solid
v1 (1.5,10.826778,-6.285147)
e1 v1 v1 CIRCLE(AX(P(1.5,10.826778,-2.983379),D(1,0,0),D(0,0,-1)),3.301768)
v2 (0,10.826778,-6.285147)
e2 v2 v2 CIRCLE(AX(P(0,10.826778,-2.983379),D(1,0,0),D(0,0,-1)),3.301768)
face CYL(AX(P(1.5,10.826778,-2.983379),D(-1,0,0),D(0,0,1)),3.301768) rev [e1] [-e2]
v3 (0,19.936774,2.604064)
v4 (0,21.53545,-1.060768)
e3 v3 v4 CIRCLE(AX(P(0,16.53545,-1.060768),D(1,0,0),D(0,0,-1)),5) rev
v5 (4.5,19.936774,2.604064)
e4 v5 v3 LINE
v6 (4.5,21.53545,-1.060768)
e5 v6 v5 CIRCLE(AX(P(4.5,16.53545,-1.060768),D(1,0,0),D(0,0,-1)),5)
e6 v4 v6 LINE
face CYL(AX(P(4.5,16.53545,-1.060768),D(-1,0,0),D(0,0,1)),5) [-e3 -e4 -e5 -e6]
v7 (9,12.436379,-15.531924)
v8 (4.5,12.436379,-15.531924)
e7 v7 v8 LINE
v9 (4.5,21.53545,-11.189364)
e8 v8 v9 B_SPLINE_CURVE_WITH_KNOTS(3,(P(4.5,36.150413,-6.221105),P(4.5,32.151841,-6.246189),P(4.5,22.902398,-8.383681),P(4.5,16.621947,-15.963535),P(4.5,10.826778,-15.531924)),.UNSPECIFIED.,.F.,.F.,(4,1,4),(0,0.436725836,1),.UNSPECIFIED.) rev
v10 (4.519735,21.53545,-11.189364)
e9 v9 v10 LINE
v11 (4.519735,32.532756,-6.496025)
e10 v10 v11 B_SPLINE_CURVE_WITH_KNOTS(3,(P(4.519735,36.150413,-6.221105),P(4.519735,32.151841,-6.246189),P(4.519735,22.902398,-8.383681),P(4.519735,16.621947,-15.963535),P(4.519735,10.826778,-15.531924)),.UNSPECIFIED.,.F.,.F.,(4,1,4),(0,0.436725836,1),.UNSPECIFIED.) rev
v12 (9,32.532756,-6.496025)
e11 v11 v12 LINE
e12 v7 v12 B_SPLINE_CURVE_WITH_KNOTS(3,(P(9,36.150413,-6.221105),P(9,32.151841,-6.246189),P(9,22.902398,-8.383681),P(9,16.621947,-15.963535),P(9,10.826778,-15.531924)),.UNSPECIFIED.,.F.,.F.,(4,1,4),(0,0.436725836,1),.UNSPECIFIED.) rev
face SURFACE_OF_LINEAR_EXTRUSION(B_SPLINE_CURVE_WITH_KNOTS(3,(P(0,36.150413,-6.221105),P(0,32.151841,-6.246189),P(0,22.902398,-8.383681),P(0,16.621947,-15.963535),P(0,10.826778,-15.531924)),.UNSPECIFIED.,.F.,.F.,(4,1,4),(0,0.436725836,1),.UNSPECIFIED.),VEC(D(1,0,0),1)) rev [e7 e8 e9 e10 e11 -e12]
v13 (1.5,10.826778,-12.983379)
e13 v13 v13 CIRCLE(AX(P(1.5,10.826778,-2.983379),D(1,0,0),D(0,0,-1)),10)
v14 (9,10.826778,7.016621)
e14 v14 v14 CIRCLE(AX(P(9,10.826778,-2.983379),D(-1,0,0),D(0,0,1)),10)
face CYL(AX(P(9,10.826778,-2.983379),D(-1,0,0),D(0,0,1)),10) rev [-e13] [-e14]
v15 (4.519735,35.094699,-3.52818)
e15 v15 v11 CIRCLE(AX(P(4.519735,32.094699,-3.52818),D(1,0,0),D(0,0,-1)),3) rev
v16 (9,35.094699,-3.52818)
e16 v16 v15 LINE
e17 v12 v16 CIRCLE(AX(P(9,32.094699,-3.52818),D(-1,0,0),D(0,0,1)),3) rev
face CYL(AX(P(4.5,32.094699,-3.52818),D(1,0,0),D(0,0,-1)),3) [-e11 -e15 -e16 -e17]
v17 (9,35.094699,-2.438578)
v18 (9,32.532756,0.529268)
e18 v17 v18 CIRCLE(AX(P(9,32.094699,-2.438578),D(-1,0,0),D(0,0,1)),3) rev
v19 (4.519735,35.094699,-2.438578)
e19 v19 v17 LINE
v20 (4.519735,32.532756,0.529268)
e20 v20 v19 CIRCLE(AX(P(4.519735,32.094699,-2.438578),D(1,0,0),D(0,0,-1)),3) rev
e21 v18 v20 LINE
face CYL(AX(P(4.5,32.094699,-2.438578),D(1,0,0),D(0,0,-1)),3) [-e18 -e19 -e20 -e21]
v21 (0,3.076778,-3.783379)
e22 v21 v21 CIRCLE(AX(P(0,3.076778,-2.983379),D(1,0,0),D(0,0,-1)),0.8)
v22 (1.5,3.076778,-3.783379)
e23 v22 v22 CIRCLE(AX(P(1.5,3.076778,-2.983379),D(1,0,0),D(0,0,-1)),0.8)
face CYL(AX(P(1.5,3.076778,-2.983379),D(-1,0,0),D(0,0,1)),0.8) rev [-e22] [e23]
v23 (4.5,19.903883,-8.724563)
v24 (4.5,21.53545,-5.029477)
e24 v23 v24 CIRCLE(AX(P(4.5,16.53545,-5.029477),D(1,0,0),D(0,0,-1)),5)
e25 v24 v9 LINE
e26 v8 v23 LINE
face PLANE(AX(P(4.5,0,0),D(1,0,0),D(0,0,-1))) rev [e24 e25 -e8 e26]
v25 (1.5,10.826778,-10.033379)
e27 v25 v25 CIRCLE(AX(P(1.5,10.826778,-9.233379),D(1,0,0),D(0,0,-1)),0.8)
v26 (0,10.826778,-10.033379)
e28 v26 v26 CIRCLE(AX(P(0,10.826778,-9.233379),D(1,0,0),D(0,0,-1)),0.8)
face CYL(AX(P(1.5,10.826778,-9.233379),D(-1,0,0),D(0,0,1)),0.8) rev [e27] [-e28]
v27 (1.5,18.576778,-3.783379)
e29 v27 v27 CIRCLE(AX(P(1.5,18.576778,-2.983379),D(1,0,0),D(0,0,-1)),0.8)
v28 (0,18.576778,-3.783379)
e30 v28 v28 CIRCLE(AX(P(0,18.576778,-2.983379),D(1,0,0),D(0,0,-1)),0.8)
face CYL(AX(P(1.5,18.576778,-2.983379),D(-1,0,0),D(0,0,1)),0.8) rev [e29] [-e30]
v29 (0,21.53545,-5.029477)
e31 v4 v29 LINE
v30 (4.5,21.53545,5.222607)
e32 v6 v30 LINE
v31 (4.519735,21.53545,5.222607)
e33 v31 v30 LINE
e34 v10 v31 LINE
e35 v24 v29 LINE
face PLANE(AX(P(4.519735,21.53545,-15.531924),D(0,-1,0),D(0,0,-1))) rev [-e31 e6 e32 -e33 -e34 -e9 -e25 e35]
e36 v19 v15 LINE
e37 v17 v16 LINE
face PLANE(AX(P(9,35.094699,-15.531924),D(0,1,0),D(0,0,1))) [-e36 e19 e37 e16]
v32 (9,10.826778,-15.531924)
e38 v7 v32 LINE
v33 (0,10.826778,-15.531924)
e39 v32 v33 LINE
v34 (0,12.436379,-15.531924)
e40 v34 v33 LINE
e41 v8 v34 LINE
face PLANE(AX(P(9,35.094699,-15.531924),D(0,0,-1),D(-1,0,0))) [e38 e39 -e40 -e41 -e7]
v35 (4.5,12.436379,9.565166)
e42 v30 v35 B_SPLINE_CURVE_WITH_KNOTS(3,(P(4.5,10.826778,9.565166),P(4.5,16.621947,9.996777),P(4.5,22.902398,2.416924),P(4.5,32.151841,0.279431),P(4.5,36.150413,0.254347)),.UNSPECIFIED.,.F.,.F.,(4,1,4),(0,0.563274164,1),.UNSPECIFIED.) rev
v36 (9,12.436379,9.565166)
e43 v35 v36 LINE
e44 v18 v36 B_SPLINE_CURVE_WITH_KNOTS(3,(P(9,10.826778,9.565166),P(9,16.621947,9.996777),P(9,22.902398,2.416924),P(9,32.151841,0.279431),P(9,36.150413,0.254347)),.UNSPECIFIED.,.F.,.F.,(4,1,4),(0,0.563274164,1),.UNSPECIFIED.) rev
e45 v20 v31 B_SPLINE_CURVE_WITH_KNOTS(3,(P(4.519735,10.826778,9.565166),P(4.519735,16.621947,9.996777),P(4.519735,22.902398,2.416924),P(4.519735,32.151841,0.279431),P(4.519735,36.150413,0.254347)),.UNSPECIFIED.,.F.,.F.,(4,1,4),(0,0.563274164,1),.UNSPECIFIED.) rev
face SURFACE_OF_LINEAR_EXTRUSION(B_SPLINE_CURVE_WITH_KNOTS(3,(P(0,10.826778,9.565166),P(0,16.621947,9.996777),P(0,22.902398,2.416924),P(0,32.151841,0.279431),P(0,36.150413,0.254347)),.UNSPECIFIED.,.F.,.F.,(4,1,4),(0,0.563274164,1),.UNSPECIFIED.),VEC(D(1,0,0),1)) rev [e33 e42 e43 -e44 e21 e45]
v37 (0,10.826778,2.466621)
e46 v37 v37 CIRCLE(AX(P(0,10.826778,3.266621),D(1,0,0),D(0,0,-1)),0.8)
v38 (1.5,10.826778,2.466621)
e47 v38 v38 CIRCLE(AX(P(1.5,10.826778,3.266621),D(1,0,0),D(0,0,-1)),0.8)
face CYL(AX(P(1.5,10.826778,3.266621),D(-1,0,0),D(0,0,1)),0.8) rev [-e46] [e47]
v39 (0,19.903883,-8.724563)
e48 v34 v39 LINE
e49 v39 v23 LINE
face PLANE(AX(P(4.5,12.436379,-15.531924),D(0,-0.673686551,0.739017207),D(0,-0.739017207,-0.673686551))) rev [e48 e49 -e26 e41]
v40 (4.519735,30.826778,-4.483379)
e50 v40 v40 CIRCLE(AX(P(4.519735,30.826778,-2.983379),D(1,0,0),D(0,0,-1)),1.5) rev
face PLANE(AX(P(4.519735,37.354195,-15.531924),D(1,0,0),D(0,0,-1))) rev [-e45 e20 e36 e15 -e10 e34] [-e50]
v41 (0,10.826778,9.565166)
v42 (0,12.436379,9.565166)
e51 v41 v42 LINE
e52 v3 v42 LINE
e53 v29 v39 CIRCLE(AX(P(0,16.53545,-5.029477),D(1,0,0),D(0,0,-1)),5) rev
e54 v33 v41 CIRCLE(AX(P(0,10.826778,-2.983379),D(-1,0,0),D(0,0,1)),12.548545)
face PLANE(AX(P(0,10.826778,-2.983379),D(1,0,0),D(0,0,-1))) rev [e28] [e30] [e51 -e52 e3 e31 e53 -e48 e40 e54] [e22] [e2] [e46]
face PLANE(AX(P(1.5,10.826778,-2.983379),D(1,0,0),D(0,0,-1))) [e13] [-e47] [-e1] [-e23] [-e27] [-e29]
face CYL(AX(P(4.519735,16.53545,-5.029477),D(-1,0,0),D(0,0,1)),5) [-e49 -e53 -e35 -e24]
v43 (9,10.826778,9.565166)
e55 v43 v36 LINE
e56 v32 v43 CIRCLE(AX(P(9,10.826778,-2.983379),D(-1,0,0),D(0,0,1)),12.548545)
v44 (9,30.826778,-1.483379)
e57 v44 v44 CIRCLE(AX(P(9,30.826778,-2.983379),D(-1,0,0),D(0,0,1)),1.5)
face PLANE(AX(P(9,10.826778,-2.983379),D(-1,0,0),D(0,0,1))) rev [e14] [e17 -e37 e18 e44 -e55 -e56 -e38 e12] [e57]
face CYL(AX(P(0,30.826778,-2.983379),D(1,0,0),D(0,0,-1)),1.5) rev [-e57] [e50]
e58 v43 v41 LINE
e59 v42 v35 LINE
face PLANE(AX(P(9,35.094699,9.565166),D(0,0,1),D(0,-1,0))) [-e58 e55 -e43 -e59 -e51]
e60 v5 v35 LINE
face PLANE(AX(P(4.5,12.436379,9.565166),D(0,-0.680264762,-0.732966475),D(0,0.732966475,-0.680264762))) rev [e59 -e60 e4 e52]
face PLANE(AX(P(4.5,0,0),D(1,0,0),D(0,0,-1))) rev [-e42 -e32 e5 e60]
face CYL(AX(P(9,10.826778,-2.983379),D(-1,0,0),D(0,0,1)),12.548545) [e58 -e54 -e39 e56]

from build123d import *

# Parameters (mm, degrees)
SKETCH1_R               = 10
SKETCH1_R_2             = 0.8
SKETCH1_R_3             = 3.301767793
BOSS_EXTRUDE1_DEPTH     = 1.5
SKETCH2_R               = 10
BOSS_EXTRUDE2_DEPTH     = 9
SKETCH3_R               = 1.5
CUT_EXTRUDE1_DEPTH      = 1
CUT_EXTRUDE1_DEPTH_BACK = 10
FILLET1_R               = 3
CUT_EXTRUDE2_DEPTH      = 10.565166147
CUT_EXTRUDE2_DEPTH_BACK = 16.531923841
CUT_EXTRUDE4_DEPTH      = 4.5
FILLET4_R               = 5


with BuildPart() as part:
    # Sketch1 → Boss-Extrude1 (new body)
    with BuildSketch(Plane(origin=(0, 0, 0), x_dir=(0, 0, -1), z_dir=(1, 0, 0))):
        with Locations((2.983378847, 10.826778074)):
            Circle(SKETCH1_R)
        with Locations((2.983378847, 18.576778074)):
            Circle(SKETCH1_R_2, mode=Mode.SUBTRACT)
        with Locations((2.983378847, 3.076778074)):
            Circle(SKETCH1_R_2, mode=Mode.SUBTRACT)
        with Locations((-3.266621153, 10.826778074)):
            Circle(SKETCH1_R_2, mode=Mode.SUBTRACT)
        with Locations((9.233378847, 10.826778074)):
            Circle(SKETCH1_R_2, mode=Mode.SUBTRACT)
        with Locations((2.983378847, 10.826778074)):
            Circle(SKETCH1_R_3, mode=Mode.SUBTRACT)
    extrude(amount=BOSS_EXTRUDE1_DEPTH)

    # Sketch2 → Boss-Extrude2 (add)
    with BuildSketch(Plane.ZY):
        with BuildLine():
            Line((-15.531923741, 35.094698666), (9.565166047, 35.094698666))
            Line((9.565166047, 35.094698666), (9.565166047, 10.826778074))
            ThreePointArc((9.565166047, 10.826778074), (-2.983378847, -1.721766821), (-15.531923741, 10.826778074))
            Line((-15.531923741, 10.826778074), (-15.531923741, 35.094698666))
        make_face()
        with Locations((-2.983378847, 10.826778074)):
            Circle(SKETCH2_R, mode=Mode.SUBTRACT)
    extrude(amount=-BOSS_EXTRUDE2_DEPTH)

    # Sketch3 → Cut-Extrude1 (cut, two sides)
    with BuildSketch(Plane(origin=(9, 0, 0), x_dir=(0, 0, -1), z_dir=(1, 0, 0))) as cut_extrude1_sk:
        with Locations((2.983378847, 30.826778074)):
            Circle(SKETCH3_R)
        with BuildLine():
            Line((-0.254346927, 36.150412664), (-0.254346927, 97.572569437))
            Line((-0.254346927, 97.572569437), (-16.389018159, 97.572569437))
            Line((-16.389018159, 97.572569437), (-16.389018159, 8.14109285))
            Line((-16.389018159, 8.14109285), (-9.565166047, 10.826778074))
            add(Edge.make_bspline(
                [(-9.565166047, 10.826778074), (-9.996776932, 16.621947073), (-2.416923511, 22.902398079), (-0.279431234, 32.151841163), (-0.254346927, 36.150412664)],
                knots=[0, 0, 0, 0, 0.563274164, 1, 1, 1, 1], degree=3))
        make_face()
        with BuildLine():
            Line((22.355775853, 8.14109285), (15.531923741, 10.826778074))
            add(Edge.make_bspline(
                [(15.531923741, 10.826778074), (15.963534626, 16.621947073), (8.383681205, 22.902398079), (6.246188928, 32.151841163), (6.221104621, 36.150412664)],
                knots=[0, 0, 0, 0, 0.563274164, 1, 1, 1, 1], degree=3))
            Line((6.221104621, 36.150412664), (6.221104621, 97.572569437))
            Line((6.221104621, 97.572569437), (22.355775853, 97.572569437))
            Line((22.355775853, 97.572569437), (22.355775853, 8.14109285))
        make_face()
    extrude(amount=CUT_EXTRUDE1_DEPTH, mode=Mode.SUBTRACT)
    extrude(cut_extrude1_sk.sketch, amount=-CUT_EXTRUDE1_DEPTH_BACK, mode=Mode.SUBTRACT)

    # Fillet1
    fillet1_edges = [part.edges().sort_by_distance(p)[0] for p in [
        (4.5, 35.094698666, -6.248898777),
        (4.5, 35.094698666, 0.282141083),
    ]]
    fillet(fillet1_edges, radius=FILLET1_R)

    # Sketch5 → Cut-Extrude2 (cut, two sides)
    with BuildSketch(Plane.XY) as cut_extrude2_sk:
        Polygon((4.519735145, 37.354194786), (-3.918381593, 39.378706192), (-3.918381593, 21.53545024), (4.519735145, 21.53545024), align=None)
    extrude(amount=CUT_EXTRUDE2_DEPTH, mode=Mode.SUBTRACT)
    extrude(cut_extrude2_sk.sketch, amount=-CUT_EXTRUDE2_DEPTH_BACK, mode=Mode.SUBTRACT)

    # Sketch6 → Cut-Extrude4 (cut)
    with BuildSketch(Plane.ZY):
        Polygon((-15.531923741, 12.43637897), (-7.23722927, 21.53545024), (-16.045201911, 21.53545024), align=None)
        Polygon((9.565166047, 12.43637897), (1.120335679, 21.53545024), (9.021007351, 21.981126747), (10.387134826, 13.199246596), align=None)
    extrude(amount=-CUT_EXTRUDE4_DEPTH, mode=Mode.SUBTRACT)

    # Fillet4
    fillet4_edges = [part.edges().sort_by_distance(p)[0] for p in [
        (2.25, 21.53545024, -7.23722927),
        (2.25, 21.53545024, 1.120335679),
    ]]
    fillet(fillet4_edges, radius=FILLET4_R)


solid = part.part
